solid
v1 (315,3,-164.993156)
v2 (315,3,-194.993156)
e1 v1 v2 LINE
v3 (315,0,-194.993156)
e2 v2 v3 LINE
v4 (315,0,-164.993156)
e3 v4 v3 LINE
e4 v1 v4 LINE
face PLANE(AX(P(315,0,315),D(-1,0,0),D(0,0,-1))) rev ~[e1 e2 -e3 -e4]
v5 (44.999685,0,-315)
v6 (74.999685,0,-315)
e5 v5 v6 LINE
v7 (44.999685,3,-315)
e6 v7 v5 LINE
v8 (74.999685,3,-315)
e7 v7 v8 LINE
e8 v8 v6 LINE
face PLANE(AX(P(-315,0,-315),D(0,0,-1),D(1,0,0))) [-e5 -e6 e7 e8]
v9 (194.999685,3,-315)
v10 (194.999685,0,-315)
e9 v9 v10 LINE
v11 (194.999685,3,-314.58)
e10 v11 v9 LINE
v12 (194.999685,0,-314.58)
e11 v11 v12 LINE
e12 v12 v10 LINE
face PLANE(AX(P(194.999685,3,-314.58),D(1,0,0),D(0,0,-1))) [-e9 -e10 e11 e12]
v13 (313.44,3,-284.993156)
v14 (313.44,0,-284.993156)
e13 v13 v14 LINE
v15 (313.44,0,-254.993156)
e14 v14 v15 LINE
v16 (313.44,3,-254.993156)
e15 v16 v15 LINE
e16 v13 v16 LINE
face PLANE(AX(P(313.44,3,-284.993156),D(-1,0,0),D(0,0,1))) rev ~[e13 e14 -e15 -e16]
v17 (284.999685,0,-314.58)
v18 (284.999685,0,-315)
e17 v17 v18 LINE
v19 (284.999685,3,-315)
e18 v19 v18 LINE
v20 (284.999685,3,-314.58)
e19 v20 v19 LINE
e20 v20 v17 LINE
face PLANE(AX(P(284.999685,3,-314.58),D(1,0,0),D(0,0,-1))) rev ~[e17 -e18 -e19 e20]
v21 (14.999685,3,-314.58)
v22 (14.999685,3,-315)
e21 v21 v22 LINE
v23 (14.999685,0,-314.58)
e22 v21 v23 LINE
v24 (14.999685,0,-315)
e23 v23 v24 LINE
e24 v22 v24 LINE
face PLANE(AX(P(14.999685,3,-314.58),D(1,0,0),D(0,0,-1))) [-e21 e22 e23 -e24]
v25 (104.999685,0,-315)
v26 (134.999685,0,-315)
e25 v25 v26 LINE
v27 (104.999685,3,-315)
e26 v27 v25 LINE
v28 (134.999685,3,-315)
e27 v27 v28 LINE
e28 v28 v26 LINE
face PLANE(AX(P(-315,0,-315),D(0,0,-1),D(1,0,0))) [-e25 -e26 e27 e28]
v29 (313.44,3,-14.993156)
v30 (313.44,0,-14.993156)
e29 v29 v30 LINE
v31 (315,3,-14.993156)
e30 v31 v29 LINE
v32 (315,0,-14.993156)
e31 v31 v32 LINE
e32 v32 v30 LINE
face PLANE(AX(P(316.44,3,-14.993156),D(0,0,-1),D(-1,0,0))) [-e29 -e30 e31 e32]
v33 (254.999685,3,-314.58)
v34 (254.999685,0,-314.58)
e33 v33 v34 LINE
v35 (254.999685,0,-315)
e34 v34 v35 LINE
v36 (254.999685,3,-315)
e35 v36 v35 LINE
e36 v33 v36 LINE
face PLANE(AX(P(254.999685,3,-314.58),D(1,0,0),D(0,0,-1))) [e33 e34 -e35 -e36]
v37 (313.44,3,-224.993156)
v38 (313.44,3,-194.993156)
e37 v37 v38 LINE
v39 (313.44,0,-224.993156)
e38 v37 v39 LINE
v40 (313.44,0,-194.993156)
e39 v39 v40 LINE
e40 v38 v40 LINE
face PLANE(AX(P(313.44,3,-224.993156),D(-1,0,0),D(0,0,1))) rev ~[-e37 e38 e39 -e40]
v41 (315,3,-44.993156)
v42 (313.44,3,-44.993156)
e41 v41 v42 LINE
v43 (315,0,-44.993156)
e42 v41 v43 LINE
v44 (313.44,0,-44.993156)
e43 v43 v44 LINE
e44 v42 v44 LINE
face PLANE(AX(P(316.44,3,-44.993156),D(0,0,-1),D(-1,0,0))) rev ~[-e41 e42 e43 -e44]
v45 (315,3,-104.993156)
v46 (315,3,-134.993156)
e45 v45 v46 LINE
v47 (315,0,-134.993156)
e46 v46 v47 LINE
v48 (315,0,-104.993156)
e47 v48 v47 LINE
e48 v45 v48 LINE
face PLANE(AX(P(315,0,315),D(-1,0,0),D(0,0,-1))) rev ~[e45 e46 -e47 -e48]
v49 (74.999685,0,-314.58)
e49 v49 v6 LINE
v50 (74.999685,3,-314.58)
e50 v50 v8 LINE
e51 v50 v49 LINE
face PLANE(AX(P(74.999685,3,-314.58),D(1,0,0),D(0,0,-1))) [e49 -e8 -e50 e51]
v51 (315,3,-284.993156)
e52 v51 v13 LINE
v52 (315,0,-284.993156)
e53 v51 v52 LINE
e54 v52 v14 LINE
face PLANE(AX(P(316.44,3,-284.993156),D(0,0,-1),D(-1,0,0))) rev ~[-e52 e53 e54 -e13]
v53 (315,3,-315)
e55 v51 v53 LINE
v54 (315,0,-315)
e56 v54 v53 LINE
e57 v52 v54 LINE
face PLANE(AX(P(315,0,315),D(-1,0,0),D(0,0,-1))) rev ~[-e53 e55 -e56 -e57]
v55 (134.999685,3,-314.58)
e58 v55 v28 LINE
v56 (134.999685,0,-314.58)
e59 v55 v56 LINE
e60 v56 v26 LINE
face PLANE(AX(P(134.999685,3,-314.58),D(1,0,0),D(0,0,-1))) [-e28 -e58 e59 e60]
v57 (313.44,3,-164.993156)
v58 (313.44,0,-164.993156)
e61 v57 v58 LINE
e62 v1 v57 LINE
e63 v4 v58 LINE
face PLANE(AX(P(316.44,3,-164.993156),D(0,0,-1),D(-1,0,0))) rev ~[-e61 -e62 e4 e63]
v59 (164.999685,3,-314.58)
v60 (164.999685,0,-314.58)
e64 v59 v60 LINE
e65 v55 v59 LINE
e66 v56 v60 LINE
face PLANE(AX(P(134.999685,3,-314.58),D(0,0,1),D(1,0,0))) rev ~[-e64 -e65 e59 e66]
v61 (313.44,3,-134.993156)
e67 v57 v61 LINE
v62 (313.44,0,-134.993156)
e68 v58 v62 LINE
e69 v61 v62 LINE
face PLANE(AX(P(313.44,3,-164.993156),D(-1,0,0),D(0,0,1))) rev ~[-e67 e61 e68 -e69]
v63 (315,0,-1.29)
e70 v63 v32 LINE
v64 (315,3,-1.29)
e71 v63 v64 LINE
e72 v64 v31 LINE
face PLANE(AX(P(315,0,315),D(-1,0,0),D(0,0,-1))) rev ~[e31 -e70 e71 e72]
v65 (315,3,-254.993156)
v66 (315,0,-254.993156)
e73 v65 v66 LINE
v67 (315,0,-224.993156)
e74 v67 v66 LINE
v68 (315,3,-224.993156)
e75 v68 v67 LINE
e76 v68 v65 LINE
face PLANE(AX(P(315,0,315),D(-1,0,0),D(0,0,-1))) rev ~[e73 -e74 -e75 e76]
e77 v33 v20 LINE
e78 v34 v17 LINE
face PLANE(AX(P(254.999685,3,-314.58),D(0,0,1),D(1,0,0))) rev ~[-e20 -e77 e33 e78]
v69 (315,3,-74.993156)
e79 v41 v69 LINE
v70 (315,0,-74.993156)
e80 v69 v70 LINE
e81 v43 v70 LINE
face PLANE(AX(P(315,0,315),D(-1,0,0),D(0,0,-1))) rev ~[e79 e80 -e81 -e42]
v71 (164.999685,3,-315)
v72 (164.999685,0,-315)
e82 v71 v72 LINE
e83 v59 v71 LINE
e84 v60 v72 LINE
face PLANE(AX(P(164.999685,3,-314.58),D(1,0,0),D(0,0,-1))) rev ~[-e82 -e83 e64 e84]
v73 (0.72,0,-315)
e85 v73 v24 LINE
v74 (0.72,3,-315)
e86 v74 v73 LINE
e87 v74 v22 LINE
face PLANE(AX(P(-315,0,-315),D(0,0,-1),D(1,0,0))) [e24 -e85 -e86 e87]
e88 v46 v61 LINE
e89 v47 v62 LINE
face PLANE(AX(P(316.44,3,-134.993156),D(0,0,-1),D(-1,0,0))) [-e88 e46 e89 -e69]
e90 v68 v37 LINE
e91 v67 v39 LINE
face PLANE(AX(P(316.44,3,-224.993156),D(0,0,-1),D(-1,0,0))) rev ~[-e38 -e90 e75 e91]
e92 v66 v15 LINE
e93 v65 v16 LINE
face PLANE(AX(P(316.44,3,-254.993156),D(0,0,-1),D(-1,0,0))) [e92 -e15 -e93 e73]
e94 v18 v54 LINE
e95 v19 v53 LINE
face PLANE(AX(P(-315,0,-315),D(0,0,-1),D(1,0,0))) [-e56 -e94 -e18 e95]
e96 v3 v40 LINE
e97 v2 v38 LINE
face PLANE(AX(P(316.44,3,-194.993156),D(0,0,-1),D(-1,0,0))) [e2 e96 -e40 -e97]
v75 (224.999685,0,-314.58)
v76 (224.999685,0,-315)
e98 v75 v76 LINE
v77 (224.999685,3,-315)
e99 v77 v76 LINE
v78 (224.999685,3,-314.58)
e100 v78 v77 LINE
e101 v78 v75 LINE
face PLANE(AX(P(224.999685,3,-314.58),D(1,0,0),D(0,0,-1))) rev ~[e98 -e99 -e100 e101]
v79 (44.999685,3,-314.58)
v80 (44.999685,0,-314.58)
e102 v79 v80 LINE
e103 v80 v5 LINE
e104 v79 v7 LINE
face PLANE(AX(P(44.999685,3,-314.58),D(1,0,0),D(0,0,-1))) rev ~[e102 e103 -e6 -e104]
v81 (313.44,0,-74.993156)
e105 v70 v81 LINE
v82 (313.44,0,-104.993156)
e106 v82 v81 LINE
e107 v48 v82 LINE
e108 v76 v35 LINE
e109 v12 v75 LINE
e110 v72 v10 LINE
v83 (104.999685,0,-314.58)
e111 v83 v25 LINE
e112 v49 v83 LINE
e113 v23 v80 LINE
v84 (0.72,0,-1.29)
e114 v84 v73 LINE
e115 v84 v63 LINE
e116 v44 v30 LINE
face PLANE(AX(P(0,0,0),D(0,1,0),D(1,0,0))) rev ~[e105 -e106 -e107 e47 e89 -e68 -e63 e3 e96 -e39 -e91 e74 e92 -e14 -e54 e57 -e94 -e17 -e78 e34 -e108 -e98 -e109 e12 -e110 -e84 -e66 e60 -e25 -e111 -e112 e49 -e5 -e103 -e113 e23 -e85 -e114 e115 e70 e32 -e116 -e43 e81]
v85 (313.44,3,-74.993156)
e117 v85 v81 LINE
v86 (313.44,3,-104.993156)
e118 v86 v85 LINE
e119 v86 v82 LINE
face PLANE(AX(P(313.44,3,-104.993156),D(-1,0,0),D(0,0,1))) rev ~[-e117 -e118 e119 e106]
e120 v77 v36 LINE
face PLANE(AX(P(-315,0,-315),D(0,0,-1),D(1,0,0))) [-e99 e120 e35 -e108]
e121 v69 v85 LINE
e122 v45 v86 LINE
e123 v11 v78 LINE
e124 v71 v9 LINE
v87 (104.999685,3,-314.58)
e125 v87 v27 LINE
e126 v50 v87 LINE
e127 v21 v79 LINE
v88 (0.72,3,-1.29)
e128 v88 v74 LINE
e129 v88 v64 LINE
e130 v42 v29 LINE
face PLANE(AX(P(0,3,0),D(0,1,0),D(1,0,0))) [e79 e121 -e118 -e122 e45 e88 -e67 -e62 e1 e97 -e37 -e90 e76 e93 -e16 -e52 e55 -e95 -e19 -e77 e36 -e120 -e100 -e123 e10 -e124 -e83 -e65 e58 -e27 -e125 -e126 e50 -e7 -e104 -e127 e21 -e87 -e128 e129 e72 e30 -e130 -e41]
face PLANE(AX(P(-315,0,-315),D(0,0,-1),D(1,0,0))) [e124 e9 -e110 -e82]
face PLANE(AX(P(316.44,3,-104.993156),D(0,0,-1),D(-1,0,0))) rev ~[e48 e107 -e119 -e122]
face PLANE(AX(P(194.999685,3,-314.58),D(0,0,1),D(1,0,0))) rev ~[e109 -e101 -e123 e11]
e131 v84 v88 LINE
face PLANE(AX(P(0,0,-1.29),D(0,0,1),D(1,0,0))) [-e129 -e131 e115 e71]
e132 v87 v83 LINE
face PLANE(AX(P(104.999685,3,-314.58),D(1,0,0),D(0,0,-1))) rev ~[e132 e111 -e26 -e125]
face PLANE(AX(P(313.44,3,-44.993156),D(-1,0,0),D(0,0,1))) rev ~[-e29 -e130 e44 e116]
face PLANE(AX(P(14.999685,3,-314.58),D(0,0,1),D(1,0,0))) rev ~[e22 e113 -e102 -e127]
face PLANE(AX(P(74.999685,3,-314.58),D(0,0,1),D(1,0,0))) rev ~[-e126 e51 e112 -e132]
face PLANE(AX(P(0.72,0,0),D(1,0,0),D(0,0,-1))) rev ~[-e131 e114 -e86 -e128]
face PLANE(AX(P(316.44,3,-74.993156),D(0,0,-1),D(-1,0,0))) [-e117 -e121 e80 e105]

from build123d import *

# Parameters (mm, degrees)
SKETCH1_W               = 630
SKETCH1_H               = 630
BOSS_EXTRUDE1_DEPTH     = 3
SKETCH3_W               = 3
SKETCH3_H               = 30
CUT_EXTRUDE2_DEPTH      = 3
LPATTERN2_COUNT         = 10
LPATTERN2_PITCH         = 60
MIRROR1_COPY_1_SKETCH_W = 3
MIRROR1_COPY_1_SKETCH_H = 30
MIRROR1_COPY_1_DEPTH    = 3
MIRROR1_COPY_2_SKETCH_W = 3
MIRROR1_COPY_2_SKETCH_H = 30
MIRROR1_COPY_2_DEPTH    = 3
MIRROR1_COPY_3_SKETCH_W = 3
MIRROR1_COPY_3_SKETCH_H = 30
MIRROR1_COPY_3_DEPTH    = 3
MIRROR1_COPY_4_SKETCH_W = 3
MIRROR1_COPY_4_SKETCH_H = 30
MIRROR1_COPY_4_DEPTH    = 3
MIRROR1_COPY_5_SKETCH_W = 3
MIRROR1_COPY_5_SKETCH_H = 30
MIRROR1_COPY_5_DEPTH    = 3
MIRROR1_COPY_6_SKETCH_W = 3
MIRROR1_COPY_6_SKETCH_H = 30
MIRROR1_COPY_6_DEPTH    = 3
MIRROR1_COPY_7_SKETCH_W = 3
MIRROR1_COPY_7_SKETCH_H = 30
MIRROR1_COPY_7_DEPTH    = 3
MIRROR1_COPY_8_SKETCH_W = 3
MIRROR1_COPY_8_SKETCH_H = 30
MIRROR1_COPY_8_DEPTH    = 3
MIRROR1_COPY_9_SKETCH_W = 3
MIRROR1_COPY_9_SKETCH_H = 30
MIRROR1_COPY_9_DEPTH    = 3
SKETCH5_W               = 30
SKETCH5_H               = 3
CUT_EXTRUDE3_DEPTH      = 3
LPATTERN3_COUNT         = 10
LPATTERN3_PITCH         = 60
MIRROR2_COPY_1_SKETCH_W = 30
MIRROR2_COPY_1_SKETCH_H = 3
MIRROR2_COPY_1_DEPTH    = 3
MIRROR2_COPY_2_SKETCH_W = 30
MIRROR2_COPY_2_SKETCH_H = 3
MIRROR2_COPY_2_DEPTH    = 3
MIRROR2_COPY_3_SKETCH_W = 30
MIRROR2_COPY_3_SKETCH_H = 3
MIRROR2_COPY_3_DEPTH    = 3
MIRROR2_COPY_4_SKETCH_W = 30
MIRROR2_COPY_4_SKETCH_H = 3
MIRROR2_COPY_4_DEPTH    = 3
MIRROR2_COPY_5_SKETCH_W = 30
MIRROR2_COPY_5_SKETCH_H = 3
MIRROR2_COPY_5_DEPTH    = 3
MIRROR2_COPY_6_SKETCH_W = 30
MIRROR2_COPY_6_SKETCH_H = 3
MIRROR2_COPY_6_DEPTH    = 3
MIRROR2_COPY_7_SKETCH_W = 30
MIRROR2_COPY_7_SKETCH_H = 3
MIRROR2_COPY_7_DEPTH    = 3
MIRROR2_COPY_8_SKETCH_W = 30
MIRROR2_COPY_8_SKETCH_H = 3
MIRROR2_COPY_8_DEPTH    = 3
MIRROR2_COPY_9_SKETCH_W = 30
MIRROR2_COPY_9_SKETCH_H = 3
MIRROR2_COPY_9_DEPTH    = 3


with BuildPart() as part:
    # Sketch1 → Boss-Extrude1 (new body)
    with BuildSketch(Plane(origin=(0, 0, 0), x_dir=(1, 0, 0), z_dir=(0, 1, 0))):
        Rectangle(SKETCH1_W, SKETCH1_H)
    extrude(amount=BOSS_EXTRUDE1_DEPTH)

    # Sketch3 → Cut-Extrude2 (cut)
    with BuildSketch(Plane(origin=(0, 3, 0), x_dir=(1, 0, 0), z_dir=(0, 1, 0))):
        with Locations((-313.5, -270.006843512)):
            Rectangle(SKETCH3_W, SKETCH3_H)
    cut_extrude2 = extrude(amount=-CUT_EXTRUDE2_DEPTH, mode=Mode.SUBTRACT)

    # LPattern2: Cut-Extrude2 ×10
    with Locations(*[(0, 0, -i * LPATTERN2_PITCH) for i in range(1, LPATTERN2_COUNT)]):
        add(cut_extrude2, mode=Mode.SUBTRACT)

    # Mirror1: Cut-Extrude2 across plane
    add(cut_extrude2.mirror(Plane(origin=(0.72, 0, 0), x_dir=(0, 0, 1), z_dir=(1, 0, 0))), mode=Mode.SUBTRACT)

    # Mirror1 copy 1 sketch → Mirror1 copy 1 (cut)
    with BuildSketch(Plane(origin=(1.44, 3, -60), x_dir=(-1, 0, 0), z_dir=(0, 1, 0))):
        with Locations((-313.5, 270.006843512)):
            Rectangle(MIRROR1_COPY_1_SKETCH_W, MIRROR1_COPY_1_SKETCH_H)
    extrude(amount=-MIRROR1_COPY_1_DEPTH, mode=Mode.SUBTRACT)

    # Mirror1 copy 2 sketch → Mirror1 copy 2 (cut)
    with BuildSketch(Plane(origin=(1.44, 3, -120), x_dir=(-1, 0, 0), z_dir=(0, 1, 0))):
        with Locations((-313.5, 270.006843512)):
            Rectangle(MIRROR1_COPY_2_SKETCH_W, MIRROR1_COPY_2_SKETCH_H)
    extrude(amount=-MIRROR1_COPY_2_DEPTH, mode=Mode.SUBTRACT)

    # Mirror1 copy 3 sketch → Mirror1 copy 3 (cut)
    with BuildSketch(Plane(origin=(1.44, 3, -180), x_dir=(-1, 0, 0), z_dir=(0, 1, 0))):
        with Locations((-313.5, 270.006843512)):
            Rectangle(MIRROR1_COPY_3_SKETCH_W, MIRROR1_COPY_3_SKETCH_H)
    extrude(amount=-MIRROR1_COPY_3_DEPTH, mode=Mode.SUBTRACT)

    # Mirror1 copy 4 sketch → Mirror1 copy 4 (cut)
    with BuildSketch(Plane(origin=(1.44, 3, -240), x_dir=(-1, 0, 0), z_dir=(0, 1, 0))):
        with Locations((-313.5, 270.006843512)):
            Rectangle(MIRROR1_COPY_4_SKETCH_W, MIRROR1_COPY_4_SKETCH_H)
    extrude(amount=-MIRROR1_COPY_4_DEPTH, mode=Mode.SUBTRACT)

    # Mirror1 copy 5 sketch → Mirror1 copy 5 (cut)
    with BuildSketch(Plane(origin=(1.44, 3, -300), x_dir=(-1, 0, 0), z_dir=(0, 1, 0))):
        with Locations((-313.5, 270.006843512)):
            Rectangle(MIRROR1_COPY_5_SKETCH_W, MIRROR1_COPY_5_SKETCH_H)
    extrude(amount=-MIRROR1_COPY_5_DEPTH, mode=Mode.SUBTRACT)

    # Mirror1 copy 6 sketch → Mirror1 copy 6 (cut)
    with BuildSketch(Plane(origin=(1.44, 3, -360), x_dir=(-1, 0, 0), z_dir=(0, 1, 0))):
        with Locations((-313.5, 270.006843512)):
            Rectangle(MIRROR1_COPY_6_SKETCH_W, MIRROR1_COPY_6_SKETCH_H)
    extrude(amount=-MIRROR1_COPY_6_DEPTH, mode=Mode.SUBTRACT)

    # Mirror1 copy 7 sketch → Mirror1 copy 7 (cut)
    with BuildSketch(Plane(origin=(1.44, 3, -420), x_dir=(-1, 0, 0), z_dir=(0, 1, 0))):
        with Locations((-313.5, 270.006843512)):
            Rectangle(MIRROR1_COPY_7_SKETCH_W, MIRROR1_COPY_7_SKETCH_H)
    extrude(amount=-MIRROR1_COPY_7_DEPTH, mode=Mode.SUBTRACT)

    # Mirror1 copy 8 sketch → Mirror1 copy 8 (cut)
    with BuildSketch(Plane(origin=(1.44, 3, -480), x_dir=(-1, 0, 0), z_dir=(0, 1, 0))):
        with Locations((-313.5, 270.006843512)):
            Rectangle(MIRROR1_COPY_8_SKETCH_W, MIRROR1_COPY_8_SKETCH_H)
    extrude(amount=-MIRROR1_COPY_8_DEPTH, mode=Mode.SUBTRACT)

    # Mirror1 copy 9 sketch → Mirror1 copy 9 (cut)
    with BuildSketch(Plane(origin=(1.44, 3, -540), x_dir=(-1, 0, 0), z_dir=(0, 1, 0))):
        with Locations((-313.5, 270.006843512)):
            Rectangle(MIRROR1_COPY_9_SKETCH_W, MIRROR1_COPY_9_SKETCH_H)
    extrude(amount=-MIRROR1_COPY_9_DEPTH, mode=Mode.SUBTRACT)

    # Sketch5 → Cut-Extrude3 (cut)
    with BuildSketch(Plane(origin=(0, 3, 0), x_dir=(1, 0, 0), z_dir=(0, 1, 0))):
        with Locations((-270.000314512, -313.5)):
            Rectangle(SKETCH5_W, SKETCH5_H)
    cut_extrude3 = extrude(amount=-CUT_EXTRUDE3_DEPTH, mode=Mode.SUBTRACT)

    # LPattern3: Cut-Extrude3 ×10
    with Locations(*[(i * LPATTERN3_PITCH, 0, 0) for i in range(1, LPATTERN3_COUNT)]):
        add(cut_extrude3, mode=Mode.SUBTRACT)

    # Mirror2: Cut-Extrude3 across plane
    add(cut_extrude3.mirror(Plane.XY.offset(-1.29)), mode=Mode.SUBTRACT)

    # Mirror2 copy 1 sketch → Mirror2 copy 1 (cut)
    with BuildSketch(Plane(origin=(60, 3, -2.58), x_dir=(1, 0, 0), z_dir=(0, 1, 0))):
        with Locations((-270.000314512, 313.5)):
            Rectangle(MIRROR2_COPY_1_SKETCH_W, MIRROR2_COPY_1_SKETCH_H)
    extrude(amount=-MIRROR2_COPY_1_DEPTH, mode=Mode.SUBTRACT)

    # Mirror2 copy 2 sketch → Mirror2 copy 2 (cut)
    with BuildSketch(Plane(origin=(120, 3, -2.58), x_dir=(1, 0, 0), z_dir=(0, 1, 0))):
        with Locations((-270.000314512, 313.5)):
            Rectangle(MIRROR2_COPY_2_SKETCH_W, MIRROR2_COPY_2_SKETCH_H)
    extrude(amount=-MIRROR2_COPY_2_DEPTH, mode=Mode.SUBTRACT)

    # Mirror2 copy 3 sketch → Mirror2 copy 3 (cut)
    with BuildSketch(Plane(origin=(180, 3, -2.58), x_dir=(1, 0, 0), z_dir=(0, 1, 0))):
        with Locations((-270.000314512, 313.5)):
            Rectangle(MIRROR2_COPY_3_SKETCH_W, MIRROR2_COPY_3_SKETCH_H)
    extrude(amount=-MIRROR2_COPY_3_DEPTH, mode=Mode.SUBTRACT)

    # Mirror2 copy 4 sketch → Mirror2 copy 4 (cut)
    with BuildSketch(Plane(origin=(240, 3, -2.58), x_dir=(1, 0, 0), z_dir=(0, 1, 0))):
        with Locations((-270.000314512, 313.5)):
            Rectangle(MIRROR2_COPY_4_SKETCH_W, MIRROR2_COPY_4_SKETCH_H)
    extrude(amount=-MIRROR2_COPY_4_DEPTH, mode=Mode.SUBTRACT)

    # Mirror2 copy 5 sketch → Mirror2 copy 5 (cut)
    with BuildSketch(Plane(origin=(300, 3, -2.58), x_dir=(1, 0, 0), z_dir=(0, 1, 0))):
        with Locations((-270.000314512, 313.5)):
            Rectangle(MIRROR2_COPY_5_SKETCH_W, MIRROR2_COPY_5_SKETCH_H)
    extrude(amount=-MIRROR2_COPY_5_DEPTH, mode=Mode.SUBTRACT)

    # Mirror2 copy 6 sketch → Mirror2 copy 6 (cut)
    with BuildSketch(Plane(origin=(360, 3, -2.58), x_dir=(1, 0, 0), z_dir=(0, 1, 0))):
        with Locations((-270.000314512, 313.5)):
            Rectangle(MIRROR2_COPY_6_SKETCH_W, MIRROR2_COPY_6_SKETCH_H)
    extrude(amount=-MIRROR2_COPY_6_DEPTH, mode=Mode.SUBTRACT)

    # Mirror2 copy 7 sketch → Mirror2 copy 7 (cut)
    with BuildSketch(Plane(origin=(420, 3, -2.58), x_dir=(1, 0, 0), z_dir=(0, 1, 0))):
        with Locations((-270.000314512, 313.5)):
            Rectangle(MIRROR2_COPY_7_SKETCH_W, MIRROR2_COPY_7_SKETCH_H)
    extrude(amount=-MIRROR2_COPY_7_DEPTH, mode=Mode.SUBTRACT)

    # Mirror2 copy 8 sketch → Mirror2 copy 8 (cut)
    with BuildSketch(Plane(origin=(480, 3, -2.58), x_dir=(1, 0, 0), z_dir=(0, 1, 0))):
        with Locations((-270.000314512, 313.5)):
            Rectangle(MIRROR2_COPY_8_SKETCH_W, MIRROR2_COPY_8_SKETCH_H)
    extrude(amount=-MIRROR2_COPY_8_DEPTH, mode=Mode.SUBTRACT)

    # Mirror2 copy 9 sketch → Mirror2 copy 9 (cut)
    with BuildSketch(Plane(origin=(540, 3, -2.58), x_dir=(1, 0, 0), z_dir=(0, 1, 0))):
        with Locations((-270.000314512, 313.5)):
            Rectangle(MIRROR2_COPY_9_SKETCH_W, MIRROR2_COPY_9_SKETCH_H)
    extrude(amount=-MIRROR2_COPY_9_DEPTH, mode=Mode.SUBTRACT)

    # SurfaceCut1
    split(bisect_by=Plane.XY.offset(-1.29), keep=Keep.BOTTOM)

    # SurfaceCut2
    split(bisect_by=Plane(origin=(0.72, 0, 0), x_dir=(0, 0, -1), z_dir=(1, 0, 0)), keep=Keep.TOP)


solid = part.part
